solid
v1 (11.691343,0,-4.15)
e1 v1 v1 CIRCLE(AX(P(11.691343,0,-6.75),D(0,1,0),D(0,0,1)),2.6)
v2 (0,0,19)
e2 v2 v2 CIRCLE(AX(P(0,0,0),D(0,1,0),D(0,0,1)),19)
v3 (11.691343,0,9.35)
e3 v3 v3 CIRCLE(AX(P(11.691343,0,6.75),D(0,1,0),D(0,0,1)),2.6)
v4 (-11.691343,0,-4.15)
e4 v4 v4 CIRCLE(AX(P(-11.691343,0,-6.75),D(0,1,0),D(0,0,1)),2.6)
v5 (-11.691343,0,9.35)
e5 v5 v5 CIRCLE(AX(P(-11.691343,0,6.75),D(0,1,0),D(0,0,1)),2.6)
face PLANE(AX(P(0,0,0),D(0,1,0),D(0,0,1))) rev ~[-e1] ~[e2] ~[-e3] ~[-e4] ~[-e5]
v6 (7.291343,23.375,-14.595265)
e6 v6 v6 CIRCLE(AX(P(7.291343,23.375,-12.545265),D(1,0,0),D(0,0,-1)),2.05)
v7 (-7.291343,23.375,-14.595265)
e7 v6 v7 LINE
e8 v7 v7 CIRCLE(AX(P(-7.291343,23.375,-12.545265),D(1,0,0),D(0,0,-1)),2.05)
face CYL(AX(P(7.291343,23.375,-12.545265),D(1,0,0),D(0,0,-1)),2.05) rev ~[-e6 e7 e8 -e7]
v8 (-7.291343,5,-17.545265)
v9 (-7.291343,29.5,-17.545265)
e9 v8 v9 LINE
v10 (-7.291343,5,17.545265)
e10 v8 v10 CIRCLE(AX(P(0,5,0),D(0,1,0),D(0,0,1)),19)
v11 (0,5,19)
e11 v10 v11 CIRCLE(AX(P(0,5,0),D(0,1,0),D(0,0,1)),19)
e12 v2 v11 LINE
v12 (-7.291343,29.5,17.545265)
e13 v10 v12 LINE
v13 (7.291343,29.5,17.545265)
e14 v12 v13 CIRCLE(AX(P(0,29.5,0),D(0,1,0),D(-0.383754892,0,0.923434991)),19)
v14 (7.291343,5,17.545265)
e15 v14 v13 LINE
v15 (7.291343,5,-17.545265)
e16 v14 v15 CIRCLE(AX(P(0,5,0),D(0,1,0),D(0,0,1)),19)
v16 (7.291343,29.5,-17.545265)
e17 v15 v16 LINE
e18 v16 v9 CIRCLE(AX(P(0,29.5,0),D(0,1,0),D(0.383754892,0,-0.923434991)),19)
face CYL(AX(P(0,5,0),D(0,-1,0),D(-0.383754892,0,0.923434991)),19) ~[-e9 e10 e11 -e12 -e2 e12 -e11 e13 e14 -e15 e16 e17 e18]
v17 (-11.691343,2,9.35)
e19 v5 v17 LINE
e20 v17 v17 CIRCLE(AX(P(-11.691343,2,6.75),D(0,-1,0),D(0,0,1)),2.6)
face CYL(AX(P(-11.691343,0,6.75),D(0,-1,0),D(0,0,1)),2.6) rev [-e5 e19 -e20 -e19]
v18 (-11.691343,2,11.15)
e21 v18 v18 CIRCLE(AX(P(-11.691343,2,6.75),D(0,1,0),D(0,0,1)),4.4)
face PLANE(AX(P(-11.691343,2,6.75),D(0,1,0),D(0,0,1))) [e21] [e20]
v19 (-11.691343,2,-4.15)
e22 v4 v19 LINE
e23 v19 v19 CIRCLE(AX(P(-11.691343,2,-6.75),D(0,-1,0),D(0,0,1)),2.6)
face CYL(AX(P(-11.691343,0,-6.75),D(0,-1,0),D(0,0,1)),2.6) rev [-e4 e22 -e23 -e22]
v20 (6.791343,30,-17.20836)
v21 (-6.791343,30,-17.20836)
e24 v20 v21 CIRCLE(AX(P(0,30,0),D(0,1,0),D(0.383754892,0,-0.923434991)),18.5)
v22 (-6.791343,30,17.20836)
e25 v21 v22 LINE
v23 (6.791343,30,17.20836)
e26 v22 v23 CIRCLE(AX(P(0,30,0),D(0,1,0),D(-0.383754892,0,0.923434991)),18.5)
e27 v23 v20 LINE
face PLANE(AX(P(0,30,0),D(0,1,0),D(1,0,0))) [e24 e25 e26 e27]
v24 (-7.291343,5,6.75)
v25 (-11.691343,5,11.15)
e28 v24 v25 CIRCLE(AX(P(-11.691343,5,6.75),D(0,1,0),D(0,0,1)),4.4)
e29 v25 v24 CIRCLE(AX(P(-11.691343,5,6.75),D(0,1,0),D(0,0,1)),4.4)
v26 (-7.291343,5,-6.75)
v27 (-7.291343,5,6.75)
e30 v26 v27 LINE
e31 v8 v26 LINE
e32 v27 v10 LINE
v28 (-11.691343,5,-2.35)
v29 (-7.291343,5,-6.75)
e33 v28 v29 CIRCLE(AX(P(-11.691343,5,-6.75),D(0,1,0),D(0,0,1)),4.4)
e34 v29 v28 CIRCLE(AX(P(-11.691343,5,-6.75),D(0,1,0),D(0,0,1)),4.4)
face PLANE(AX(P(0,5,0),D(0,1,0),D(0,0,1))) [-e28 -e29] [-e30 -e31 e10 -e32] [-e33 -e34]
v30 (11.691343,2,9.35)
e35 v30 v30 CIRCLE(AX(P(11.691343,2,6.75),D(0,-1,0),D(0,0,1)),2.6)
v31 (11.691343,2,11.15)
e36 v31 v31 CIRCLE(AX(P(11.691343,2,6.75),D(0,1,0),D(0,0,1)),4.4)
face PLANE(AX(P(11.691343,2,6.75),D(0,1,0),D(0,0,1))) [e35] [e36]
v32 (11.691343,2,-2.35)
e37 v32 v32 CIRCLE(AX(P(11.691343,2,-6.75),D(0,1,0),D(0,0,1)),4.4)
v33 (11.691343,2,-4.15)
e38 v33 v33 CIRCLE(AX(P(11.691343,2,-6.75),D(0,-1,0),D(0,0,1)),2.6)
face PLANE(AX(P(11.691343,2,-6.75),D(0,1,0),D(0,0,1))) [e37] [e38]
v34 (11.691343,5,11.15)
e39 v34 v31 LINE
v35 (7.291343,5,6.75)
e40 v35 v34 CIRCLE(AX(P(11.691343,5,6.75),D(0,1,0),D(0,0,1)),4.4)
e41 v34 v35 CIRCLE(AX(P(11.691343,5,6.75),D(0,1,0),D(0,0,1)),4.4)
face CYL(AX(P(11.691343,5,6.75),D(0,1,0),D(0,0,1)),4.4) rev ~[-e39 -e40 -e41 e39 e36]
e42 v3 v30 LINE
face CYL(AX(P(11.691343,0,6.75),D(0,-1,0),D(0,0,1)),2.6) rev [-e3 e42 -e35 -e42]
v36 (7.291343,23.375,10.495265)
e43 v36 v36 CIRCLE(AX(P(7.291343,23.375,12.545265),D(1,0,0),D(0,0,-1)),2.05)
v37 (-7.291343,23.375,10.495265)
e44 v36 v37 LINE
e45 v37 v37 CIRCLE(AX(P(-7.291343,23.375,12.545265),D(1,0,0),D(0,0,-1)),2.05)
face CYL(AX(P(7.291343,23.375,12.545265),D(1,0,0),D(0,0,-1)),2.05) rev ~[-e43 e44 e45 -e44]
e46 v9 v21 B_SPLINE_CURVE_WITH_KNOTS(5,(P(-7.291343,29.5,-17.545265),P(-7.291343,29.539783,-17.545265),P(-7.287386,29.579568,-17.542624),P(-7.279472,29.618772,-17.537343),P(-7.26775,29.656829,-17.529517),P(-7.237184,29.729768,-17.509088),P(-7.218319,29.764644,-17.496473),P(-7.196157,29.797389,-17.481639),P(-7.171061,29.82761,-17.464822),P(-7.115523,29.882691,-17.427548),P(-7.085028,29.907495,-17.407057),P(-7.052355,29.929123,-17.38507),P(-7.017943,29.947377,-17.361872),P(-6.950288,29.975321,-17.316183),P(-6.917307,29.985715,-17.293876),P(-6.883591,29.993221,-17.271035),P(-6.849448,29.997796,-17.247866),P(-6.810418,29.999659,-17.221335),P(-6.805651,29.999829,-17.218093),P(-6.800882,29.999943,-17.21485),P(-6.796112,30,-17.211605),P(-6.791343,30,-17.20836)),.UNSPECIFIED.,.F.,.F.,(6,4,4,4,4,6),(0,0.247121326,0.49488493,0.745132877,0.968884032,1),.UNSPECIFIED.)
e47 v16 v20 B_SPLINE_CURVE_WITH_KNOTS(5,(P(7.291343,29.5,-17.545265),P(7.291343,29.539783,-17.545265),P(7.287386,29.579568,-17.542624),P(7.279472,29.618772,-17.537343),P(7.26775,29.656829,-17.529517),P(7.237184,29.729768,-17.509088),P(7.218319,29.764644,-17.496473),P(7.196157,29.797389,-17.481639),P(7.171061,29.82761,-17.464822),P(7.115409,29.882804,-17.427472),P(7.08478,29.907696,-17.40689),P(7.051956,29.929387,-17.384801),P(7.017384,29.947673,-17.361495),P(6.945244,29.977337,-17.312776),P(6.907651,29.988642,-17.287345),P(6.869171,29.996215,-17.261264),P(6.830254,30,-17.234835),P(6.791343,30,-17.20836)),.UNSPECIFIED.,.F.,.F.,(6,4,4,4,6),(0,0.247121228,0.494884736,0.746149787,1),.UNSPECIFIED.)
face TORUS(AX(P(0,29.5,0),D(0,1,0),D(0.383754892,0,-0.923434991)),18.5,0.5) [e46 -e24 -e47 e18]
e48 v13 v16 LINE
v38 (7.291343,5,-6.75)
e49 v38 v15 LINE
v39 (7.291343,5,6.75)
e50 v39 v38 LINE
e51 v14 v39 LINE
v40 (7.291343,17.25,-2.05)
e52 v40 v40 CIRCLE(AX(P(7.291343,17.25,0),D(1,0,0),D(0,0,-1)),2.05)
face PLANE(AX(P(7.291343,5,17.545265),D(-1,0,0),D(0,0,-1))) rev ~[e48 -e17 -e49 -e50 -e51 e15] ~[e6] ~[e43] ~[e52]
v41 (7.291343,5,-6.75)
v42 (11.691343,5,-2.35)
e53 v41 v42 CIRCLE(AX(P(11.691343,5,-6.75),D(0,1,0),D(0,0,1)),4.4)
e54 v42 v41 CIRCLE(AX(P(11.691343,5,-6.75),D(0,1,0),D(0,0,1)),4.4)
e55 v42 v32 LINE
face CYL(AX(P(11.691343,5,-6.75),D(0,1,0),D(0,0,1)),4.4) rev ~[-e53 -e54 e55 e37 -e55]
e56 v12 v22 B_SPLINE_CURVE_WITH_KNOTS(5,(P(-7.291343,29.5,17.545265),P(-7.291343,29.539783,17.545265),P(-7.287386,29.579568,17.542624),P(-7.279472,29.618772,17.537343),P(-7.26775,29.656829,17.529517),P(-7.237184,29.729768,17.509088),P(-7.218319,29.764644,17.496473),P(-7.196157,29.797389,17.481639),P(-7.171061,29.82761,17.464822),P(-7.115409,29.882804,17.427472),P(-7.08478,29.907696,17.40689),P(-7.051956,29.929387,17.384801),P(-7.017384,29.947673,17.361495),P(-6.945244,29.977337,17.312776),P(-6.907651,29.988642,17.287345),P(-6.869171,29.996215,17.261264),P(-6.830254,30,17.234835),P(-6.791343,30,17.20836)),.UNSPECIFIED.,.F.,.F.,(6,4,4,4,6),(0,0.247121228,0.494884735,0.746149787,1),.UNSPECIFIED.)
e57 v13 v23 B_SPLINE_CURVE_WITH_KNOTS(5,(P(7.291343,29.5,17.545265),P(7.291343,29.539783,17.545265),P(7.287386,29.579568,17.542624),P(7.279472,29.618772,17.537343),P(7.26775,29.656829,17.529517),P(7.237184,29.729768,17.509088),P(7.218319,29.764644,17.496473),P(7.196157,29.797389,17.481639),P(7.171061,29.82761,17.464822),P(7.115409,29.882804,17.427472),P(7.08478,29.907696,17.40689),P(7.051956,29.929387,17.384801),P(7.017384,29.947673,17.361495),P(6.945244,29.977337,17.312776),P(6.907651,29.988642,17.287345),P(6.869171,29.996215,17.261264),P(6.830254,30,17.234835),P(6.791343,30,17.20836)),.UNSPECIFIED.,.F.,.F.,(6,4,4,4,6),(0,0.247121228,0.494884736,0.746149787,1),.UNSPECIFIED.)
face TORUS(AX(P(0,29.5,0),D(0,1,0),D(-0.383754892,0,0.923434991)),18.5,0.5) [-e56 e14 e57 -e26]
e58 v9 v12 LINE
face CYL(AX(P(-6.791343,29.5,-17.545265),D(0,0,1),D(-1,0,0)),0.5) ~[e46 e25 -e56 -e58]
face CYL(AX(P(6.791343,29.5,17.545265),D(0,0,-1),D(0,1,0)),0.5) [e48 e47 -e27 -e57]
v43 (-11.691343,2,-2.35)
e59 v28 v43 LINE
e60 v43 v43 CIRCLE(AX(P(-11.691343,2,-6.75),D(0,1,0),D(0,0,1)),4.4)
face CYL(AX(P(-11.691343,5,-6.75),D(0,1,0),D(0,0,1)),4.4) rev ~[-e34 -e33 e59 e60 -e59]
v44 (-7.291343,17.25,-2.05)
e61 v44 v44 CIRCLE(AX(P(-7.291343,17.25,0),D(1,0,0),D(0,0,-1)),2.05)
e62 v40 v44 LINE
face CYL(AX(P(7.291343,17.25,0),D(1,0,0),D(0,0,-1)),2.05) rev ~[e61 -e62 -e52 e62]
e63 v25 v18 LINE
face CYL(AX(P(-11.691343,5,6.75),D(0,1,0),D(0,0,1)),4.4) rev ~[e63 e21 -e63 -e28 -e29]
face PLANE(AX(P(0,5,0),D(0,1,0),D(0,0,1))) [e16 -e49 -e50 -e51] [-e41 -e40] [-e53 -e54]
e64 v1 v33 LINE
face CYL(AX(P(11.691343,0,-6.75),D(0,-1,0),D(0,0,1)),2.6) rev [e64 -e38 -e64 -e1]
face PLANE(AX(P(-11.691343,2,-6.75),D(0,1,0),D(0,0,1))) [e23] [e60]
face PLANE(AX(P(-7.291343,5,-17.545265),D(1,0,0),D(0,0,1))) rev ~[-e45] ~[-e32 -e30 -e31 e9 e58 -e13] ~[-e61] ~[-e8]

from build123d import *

# Parameters (mm, degrees)
SKETCH1_R           = 19
SKETCH1_R_2         = 2.6
BOSS_EXTRUDE1_DEPTH = 5
SKETCH2_R           = 4.4
CUT_EXTRUDE1_DEPTH  = 3
BOSS_EXTRUDE2_DEPTH = 25
FILLET1_R           = 0.5
SKETCH4_R           = 2.05
CUT_EXTRUDE2_DEPTH  = 45.184100423


with BuildPart() as part:
    # Sketch1 → Boss-Extrude1 (new body)
    with BuildSketch(Plane(origin=(0, 0, 0), x_dir=(1, 0, 0), z_dir=(0, 1, 0))):
        with Locations(Location((0, 0, 0), (0, 0, 270))):
            Circle(SKETCH1_R)
        with Locations(Location((11.691342951, 6.75, 0), (0, 0, 270))):
            Circle(SKETCH1_R_2, mode=Mode.SUBTRACT)
        with Locations(Location((11.691342951, -6.75, 0), (0, 0, 270))):
            Circle(SKETCH1_R_2, mode=Mode.SUBTRACT)
        with Locations(Location((-11.691342951, -6.75, 0), (0, 0, 270))):
            Circle(SKETCH1_R_2, mode=Mode.SUBTRACT)
        with Locations(Location((-11.691342951, 6.75, 0), (0, 0, 270))):
            Circle(SKETCH1_R_2, mode=Mode.SUBTRACT)
    extrude(amount=BOSS_EXTRUDE1_DEPTH)

    # Sketch2 → Cut-Extrude1 (cut)
    with BuildSketch(Plane(origin=(0, 5, 0), x_dir=(1, 0, 0), z_dir=(0, 1, 0))):
        with Locations(Location((-11.691342951, 6.75, 0), (0, 0, 270))):
            Circle(SKETCH2_R)
        with Locations(Location((11.691342951, 6.75, 0), (0, 0, 270))):
            Circle(SKETCH2_R)
        with Locations(Location((11.691342951, -6.75, 0), (0, 0, 270))):
            Circle(SKETCH2_R)
        with Locations(Location((-11.691342951, -6.75, 0), (0, 0, 270))):
            Circle(SKETCH2_R)
    extrude(amount=-CUT_EXTRUDE1_DEPTH, mode=Mode.SUBTRACT)

    # Sketch3 → Boss-Extrude2 (add)
    with BuildSketch(Plane(origin=(0, 5, 0), x_dir=(1, 0, 0), z_dir=(0, 1, 0))):
        with BuildLine():
            Line((-7.291342951, 17.54526483), (-7.291342951, -17.54526483))
            ThreePointArc((-7.291342951, -17.54526483), (0, -19), (7.291342951, -17.54526483))
            Line((7.291342951, -17.54526483), (7.291342951, 17.54526483))
            ThreePointArc((7.291342951, 17.54526483), (0, 19), (-7.291342951, 17.54526483))
        make_face()
    extrude(amount=BOSS_EXTRUDE2_DEPTH)

    # Fillet1
    fillet1_edges = [part.edges().sort_by_distance(p)[0] for p in [
        (0, 30, -19),
        (-7.291342951, 30, 0),
        (0, 30, 19),
        (7.291342951, 30, 0),
    ]]
    fillet(fillet1_edges, radius=FILLET1_R)

    # Sketch4 → Cut-Extrude2 (cut, through all)
    with BuildSketch(Plane(origin=(7.291342951, 0, 0), x_dir=(0, 0, -1), z_dir=(1, 0, 0))):
        with Locations((-12.54526483, 23.375)):
            Circle(SKETCH4_R)
        with Locations((12.54526483, 23.375)):
            Circle(SKETCH4_R)
        with Locations((0, 17.25)):
            Circle(SKETCH4_R)
    extrude(amount=-CUT_EXTRUDE2_DEPTH, mode=Mode.SUBTRACT)


solid = part.part
